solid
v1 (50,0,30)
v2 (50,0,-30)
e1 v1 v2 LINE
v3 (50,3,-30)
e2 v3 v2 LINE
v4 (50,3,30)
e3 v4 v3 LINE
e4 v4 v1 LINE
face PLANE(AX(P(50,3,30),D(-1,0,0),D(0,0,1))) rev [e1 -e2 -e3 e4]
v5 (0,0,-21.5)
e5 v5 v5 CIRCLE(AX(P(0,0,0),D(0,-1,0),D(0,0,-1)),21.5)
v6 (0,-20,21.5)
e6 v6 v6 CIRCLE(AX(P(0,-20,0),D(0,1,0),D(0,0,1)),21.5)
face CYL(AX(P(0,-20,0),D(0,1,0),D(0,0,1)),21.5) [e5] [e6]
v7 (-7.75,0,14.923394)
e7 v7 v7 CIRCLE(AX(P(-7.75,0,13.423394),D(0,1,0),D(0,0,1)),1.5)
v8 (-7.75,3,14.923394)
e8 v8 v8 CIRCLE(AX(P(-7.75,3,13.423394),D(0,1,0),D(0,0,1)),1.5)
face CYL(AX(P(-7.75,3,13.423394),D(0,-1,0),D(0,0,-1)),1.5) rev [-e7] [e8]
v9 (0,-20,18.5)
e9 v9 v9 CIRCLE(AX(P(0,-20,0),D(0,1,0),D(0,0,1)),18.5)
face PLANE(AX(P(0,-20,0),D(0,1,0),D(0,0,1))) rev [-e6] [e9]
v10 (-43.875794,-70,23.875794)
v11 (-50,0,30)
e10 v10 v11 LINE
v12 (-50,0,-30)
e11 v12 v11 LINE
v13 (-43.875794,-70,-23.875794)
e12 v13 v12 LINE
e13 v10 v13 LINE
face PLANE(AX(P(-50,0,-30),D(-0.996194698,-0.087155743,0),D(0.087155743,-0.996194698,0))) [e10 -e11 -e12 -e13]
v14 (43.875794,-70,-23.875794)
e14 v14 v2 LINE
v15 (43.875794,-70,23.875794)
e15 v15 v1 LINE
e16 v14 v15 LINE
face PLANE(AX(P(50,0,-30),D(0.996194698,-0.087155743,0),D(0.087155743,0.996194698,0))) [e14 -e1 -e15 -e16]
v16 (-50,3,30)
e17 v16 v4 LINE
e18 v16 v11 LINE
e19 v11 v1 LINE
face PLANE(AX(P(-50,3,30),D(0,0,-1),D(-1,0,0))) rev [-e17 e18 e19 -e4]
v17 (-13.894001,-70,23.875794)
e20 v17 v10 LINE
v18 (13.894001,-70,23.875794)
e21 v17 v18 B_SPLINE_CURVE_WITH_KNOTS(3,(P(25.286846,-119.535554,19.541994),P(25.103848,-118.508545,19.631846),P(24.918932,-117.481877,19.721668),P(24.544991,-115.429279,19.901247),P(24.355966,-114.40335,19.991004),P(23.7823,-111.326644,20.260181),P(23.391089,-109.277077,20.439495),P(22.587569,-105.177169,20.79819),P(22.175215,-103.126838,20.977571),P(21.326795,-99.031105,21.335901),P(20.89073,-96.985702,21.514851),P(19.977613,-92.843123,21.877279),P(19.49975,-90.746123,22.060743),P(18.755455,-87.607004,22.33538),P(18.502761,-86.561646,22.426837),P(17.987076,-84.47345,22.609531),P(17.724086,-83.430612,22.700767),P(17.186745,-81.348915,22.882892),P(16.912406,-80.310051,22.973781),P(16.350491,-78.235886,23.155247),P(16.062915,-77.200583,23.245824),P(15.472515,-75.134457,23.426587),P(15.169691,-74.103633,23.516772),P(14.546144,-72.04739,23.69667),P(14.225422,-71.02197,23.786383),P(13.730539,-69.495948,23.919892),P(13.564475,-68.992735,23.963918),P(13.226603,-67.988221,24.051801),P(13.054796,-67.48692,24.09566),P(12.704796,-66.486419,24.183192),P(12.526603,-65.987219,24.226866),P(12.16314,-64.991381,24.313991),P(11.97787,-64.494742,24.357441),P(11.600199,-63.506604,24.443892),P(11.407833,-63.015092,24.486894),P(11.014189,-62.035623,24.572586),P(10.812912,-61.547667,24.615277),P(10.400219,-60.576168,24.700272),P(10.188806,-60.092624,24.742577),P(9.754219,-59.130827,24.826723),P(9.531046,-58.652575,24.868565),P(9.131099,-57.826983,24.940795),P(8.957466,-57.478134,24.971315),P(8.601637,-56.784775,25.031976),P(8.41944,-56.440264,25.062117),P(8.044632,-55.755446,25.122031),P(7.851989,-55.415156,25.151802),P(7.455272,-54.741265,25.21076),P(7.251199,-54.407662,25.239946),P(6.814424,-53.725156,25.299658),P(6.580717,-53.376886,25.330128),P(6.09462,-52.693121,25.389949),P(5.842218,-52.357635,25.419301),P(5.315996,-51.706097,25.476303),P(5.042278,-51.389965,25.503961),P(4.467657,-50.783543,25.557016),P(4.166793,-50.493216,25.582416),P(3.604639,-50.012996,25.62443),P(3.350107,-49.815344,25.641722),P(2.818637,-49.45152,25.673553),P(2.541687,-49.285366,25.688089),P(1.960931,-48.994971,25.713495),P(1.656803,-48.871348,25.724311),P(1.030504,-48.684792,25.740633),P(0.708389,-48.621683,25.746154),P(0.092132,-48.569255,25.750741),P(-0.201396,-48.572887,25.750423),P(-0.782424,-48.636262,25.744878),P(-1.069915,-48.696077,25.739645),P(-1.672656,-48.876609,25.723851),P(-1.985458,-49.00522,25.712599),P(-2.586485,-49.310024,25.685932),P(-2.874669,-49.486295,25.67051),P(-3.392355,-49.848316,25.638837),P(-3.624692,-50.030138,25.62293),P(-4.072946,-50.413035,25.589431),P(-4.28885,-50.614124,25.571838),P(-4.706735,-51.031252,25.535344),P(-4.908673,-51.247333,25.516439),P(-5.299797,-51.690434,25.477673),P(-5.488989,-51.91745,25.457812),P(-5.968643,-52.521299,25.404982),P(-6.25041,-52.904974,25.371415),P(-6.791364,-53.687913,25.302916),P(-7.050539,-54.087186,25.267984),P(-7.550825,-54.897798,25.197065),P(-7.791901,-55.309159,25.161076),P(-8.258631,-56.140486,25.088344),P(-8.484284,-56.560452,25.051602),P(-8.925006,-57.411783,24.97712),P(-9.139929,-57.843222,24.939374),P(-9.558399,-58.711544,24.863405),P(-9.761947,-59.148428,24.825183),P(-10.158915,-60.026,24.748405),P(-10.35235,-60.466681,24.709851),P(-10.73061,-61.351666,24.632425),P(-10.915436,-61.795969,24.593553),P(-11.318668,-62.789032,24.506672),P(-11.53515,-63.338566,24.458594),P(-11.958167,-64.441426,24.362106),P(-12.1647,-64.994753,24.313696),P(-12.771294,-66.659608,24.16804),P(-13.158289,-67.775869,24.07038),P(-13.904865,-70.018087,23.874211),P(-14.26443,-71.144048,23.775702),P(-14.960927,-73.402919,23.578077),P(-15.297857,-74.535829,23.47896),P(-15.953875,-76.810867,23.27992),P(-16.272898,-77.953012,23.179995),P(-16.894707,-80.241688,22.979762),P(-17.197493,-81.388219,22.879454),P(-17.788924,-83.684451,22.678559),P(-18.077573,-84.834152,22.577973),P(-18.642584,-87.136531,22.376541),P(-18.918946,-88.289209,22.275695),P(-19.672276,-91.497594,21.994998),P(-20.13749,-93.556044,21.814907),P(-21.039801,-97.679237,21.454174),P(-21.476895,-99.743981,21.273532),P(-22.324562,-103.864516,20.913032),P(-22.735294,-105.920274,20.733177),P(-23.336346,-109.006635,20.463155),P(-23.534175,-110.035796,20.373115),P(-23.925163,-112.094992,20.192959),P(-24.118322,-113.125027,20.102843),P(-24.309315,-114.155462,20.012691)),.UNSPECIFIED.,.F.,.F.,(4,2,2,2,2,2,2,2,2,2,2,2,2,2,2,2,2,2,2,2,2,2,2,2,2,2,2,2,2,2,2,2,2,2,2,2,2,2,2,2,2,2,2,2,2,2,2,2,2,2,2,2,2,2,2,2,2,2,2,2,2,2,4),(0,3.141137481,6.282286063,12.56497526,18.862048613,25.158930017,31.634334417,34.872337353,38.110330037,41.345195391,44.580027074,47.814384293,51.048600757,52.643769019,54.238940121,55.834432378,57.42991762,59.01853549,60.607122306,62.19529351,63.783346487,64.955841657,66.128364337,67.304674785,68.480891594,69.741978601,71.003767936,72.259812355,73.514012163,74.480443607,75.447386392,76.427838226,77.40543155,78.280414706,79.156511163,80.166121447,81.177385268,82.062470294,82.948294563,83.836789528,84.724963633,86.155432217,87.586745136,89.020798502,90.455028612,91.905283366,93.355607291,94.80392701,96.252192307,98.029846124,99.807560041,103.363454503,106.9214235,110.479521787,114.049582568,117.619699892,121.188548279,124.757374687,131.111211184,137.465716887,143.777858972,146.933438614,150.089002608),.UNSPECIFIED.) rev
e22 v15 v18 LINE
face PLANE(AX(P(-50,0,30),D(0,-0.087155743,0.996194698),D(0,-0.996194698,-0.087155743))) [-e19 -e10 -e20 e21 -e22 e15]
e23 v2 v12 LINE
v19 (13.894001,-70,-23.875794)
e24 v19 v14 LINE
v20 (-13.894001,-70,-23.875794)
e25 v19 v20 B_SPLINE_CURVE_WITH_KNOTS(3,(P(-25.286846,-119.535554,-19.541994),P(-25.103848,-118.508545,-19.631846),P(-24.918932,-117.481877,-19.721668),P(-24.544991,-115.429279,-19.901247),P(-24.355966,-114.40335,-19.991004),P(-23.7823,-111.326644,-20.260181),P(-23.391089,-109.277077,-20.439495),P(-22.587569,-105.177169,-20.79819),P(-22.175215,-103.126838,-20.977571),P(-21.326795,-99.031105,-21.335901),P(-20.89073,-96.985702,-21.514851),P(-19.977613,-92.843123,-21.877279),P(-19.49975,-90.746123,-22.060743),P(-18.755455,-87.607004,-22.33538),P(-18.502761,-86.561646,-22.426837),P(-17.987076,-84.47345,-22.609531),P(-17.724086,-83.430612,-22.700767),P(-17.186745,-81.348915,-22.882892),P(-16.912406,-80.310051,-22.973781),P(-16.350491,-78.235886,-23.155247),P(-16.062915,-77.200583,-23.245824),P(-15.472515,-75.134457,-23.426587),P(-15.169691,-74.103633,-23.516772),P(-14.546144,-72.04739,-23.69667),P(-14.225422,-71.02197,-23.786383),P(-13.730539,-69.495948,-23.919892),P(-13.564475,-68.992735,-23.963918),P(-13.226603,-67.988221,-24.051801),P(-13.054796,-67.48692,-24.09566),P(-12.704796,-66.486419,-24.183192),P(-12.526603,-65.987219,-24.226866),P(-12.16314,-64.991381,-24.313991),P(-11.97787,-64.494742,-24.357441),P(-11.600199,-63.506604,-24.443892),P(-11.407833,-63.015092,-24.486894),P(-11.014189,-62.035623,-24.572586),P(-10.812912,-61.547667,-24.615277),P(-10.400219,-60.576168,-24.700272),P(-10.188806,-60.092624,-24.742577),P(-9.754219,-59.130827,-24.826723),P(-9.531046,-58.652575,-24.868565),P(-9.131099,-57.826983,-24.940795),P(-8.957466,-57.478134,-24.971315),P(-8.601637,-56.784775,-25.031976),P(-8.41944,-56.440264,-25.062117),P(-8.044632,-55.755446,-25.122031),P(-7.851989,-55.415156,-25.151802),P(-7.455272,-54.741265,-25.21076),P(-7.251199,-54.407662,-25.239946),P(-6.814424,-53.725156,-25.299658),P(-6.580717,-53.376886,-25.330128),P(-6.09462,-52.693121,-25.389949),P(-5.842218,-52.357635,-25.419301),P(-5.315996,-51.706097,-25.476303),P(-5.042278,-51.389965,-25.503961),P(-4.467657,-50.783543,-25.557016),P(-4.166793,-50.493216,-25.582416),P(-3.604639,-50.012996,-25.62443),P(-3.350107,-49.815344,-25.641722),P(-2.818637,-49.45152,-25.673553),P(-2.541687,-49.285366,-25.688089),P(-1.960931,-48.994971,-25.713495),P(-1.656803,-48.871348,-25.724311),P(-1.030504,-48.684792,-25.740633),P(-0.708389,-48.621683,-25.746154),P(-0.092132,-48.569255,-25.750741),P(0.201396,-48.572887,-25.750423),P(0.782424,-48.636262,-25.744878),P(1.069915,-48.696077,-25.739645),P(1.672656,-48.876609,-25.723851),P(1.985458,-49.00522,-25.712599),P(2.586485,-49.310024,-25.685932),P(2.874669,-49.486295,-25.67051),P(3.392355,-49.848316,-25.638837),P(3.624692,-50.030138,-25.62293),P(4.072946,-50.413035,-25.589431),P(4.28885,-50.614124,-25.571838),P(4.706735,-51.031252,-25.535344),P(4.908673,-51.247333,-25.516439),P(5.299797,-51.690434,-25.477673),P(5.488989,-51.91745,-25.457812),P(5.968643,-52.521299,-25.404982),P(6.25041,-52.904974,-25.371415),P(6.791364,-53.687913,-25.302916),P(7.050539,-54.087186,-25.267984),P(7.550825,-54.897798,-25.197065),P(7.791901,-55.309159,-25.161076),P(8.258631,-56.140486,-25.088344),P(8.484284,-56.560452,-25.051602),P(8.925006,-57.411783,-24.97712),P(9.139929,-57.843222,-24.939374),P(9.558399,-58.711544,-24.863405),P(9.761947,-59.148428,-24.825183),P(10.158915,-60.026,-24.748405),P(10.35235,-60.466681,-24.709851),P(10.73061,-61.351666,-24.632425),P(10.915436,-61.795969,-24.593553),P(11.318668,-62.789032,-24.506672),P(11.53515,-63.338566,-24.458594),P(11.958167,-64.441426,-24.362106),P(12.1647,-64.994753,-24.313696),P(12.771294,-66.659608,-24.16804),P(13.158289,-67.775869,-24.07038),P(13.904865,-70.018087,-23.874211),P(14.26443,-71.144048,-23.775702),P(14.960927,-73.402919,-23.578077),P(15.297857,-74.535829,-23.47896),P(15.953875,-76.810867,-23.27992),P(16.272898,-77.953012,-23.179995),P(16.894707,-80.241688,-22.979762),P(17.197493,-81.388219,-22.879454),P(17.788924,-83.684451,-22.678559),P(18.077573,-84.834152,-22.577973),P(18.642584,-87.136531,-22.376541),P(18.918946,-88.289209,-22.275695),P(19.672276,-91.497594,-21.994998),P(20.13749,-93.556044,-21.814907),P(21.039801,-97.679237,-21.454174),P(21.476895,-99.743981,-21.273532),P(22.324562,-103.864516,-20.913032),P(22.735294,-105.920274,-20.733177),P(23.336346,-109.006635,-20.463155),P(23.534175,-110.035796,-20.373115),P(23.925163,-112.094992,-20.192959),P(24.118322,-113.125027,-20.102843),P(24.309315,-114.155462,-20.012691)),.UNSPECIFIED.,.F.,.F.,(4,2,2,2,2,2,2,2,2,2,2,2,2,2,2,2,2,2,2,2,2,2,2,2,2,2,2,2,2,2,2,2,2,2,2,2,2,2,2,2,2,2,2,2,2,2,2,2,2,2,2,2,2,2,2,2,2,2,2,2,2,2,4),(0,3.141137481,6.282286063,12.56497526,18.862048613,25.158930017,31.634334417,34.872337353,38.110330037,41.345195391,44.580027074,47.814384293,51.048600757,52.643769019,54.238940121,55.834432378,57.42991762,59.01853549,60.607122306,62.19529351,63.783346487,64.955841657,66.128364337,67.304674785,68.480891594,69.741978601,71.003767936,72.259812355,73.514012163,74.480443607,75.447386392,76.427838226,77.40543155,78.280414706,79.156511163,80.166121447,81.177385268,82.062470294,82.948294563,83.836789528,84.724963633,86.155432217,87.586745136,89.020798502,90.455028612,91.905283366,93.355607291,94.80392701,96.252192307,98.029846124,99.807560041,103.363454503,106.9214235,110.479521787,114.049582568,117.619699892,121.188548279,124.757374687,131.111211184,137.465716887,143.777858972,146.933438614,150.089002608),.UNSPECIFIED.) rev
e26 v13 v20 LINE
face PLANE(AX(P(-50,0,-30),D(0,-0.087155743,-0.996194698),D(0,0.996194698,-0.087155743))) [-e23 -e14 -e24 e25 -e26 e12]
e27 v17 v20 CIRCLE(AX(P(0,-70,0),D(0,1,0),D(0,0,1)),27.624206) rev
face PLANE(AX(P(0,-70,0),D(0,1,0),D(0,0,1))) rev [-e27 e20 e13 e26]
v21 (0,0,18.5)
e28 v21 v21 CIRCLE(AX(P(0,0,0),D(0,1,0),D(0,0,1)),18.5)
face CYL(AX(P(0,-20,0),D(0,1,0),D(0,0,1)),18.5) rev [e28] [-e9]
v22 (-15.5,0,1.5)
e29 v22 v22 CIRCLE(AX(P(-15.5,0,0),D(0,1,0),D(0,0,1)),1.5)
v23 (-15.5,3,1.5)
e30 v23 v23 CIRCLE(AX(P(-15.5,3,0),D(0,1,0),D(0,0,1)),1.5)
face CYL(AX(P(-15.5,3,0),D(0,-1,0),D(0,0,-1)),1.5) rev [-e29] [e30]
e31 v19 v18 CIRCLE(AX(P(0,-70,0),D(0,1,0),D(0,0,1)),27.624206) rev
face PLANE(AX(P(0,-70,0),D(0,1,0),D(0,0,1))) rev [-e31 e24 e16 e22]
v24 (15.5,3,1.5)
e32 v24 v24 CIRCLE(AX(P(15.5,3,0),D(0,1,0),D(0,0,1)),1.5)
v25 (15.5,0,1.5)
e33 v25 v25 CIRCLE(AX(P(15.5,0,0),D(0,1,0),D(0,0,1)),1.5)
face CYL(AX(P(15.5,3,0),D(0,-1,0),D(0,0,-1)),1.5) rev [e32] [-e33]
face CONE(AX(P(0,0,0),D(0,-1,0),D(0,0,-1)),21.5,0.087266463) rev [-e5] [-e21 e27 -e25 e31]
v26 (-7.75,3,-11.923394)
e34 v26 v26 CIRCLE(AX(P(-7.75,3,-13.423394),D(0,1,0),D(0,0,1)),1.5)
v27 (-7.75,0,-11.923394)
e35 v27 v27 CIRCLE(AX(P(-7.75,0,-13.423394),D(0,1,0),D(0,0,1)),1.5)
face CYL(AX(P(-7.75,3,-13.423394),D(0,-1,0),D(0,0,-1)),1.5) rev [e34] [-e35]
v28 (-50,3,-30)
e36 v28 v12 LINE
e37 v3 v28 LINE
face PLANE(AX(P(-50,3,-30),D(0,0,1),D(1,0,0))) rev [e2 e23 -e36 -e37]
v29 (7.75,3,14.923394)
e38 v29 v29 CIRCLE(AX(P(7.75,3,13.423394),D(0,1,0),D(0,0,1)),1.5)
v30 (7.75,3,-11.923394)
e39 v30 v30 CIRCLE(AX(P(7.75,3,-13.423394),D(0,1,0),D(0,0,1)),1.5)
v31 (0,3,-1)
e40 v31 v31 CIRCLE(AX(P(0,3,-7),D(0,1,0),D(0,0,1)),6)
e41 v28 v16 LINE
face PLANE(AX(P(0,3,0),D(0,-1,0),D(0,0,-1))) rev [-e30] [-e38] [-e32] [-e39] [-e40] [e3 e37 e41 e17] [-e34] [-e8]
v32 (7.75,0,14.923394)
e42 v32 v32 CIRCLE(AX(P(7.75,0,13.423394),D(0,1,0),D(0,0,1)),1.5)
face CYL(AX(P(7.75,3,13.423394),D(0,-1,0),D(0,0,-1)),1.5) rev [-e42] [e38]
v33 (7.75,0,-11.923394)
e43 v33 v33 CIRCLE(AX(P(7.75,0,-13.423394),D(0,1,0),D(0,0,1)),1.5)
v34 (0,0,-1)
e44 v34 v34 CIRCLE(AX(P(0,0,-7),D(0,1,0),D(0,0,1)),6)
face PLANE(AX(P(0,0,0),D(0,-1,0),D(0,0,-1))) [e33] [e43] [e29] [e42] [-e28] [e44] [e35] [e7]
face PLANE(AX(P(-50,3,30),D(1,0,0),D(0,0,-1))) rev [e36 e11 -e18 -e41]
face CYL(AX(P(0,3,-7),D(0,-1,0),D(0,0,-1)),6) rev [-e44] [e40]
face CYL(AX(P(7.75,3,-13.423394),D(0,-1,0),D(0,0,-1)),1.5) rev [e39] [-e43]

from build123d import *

# Parameters (mm, degrees)
CROQUIS1_W              = 100
CROQUIS1_H              = 60
CROQUIS1_R              = 6
CROQUIS1_R_2            = 1.5
SALIENTE_EXTRUIR1_DEPTH = 3
CROQUIS2_R              = 21.5
CROQUIS2_R_2            = 18.5
SALIENTE_EXTRUIR2_DEPTH = 20
CROQUIS4_W              = 100
CROQUIS4_H              = 60
CROQUIS4_R              = 21.5
SALIENTE_EXTRUIR3_DEPTH = 70
SALIENTE_EXTRUIR3_TAPER = 5


with BuildPart() as part:
    # Croquis1 → Saliente-Extruir1 (new body)
    with BuildSketch(Plane(origin=(0, 0, 0), x_dir=(1, 0, 0), z_dir=(0, 1, 0))):
        Rectangle(CROQUIS1_W, CROQUIS1_H)
        with Locations(Location((0, 7, 0), (0, 0, 270))):
            Circle(CROQUIS1_R, mode=Mode.SUBTRACT)
        with Locations(Location((15.5, 0, 0), (0, 0, 270))):
            Circle(CROQUIS1_R_2, mode=Mode.SUBTRACT)
        with Locations(Location((7.75, -13.423393759, 0), (0, 0, 270))):
            Circle(CROQUIS1_R_2, mode=Mode.SUBTRACT)
        with Locations(Location((-7.75, -13.423393759, 0), (0, 0, 270))):
            Circle(CROQUIS1_R_2, mode=Mode.SUBTRACT)
        with Locations(Location((-15.5, 0, 0), (0, 0, 270))):
            Circle(CROQUIS1_R_2, mode=Mode.SUBTRACT)
        with Locations(Location((-7.75, 13.423393759, 0), (0, 0, 270))):
            Circle(CROQUIS1_R_2, mode=Mode.SUBTRACT)
        with Locations(Location((7.75, 13.423393759, 0), (0, 0, 270))):
            Circle(CROQUIS1_R_2, mode=Mode.SUBTRACT)
    extrude(amount=SALIENTE_EXTRUIR1_DEPTH)

    # Croquis2 → Saliente-Extruir2 (add)
    with BuildSketch(Plane(origin=(0, 0, 0), x_dir=(1, 0, 0), z_dir=(0, 1, 0))):
        with Locations(Location((0, 0, 0), (0, 0, 270))):
            Circle(CROQUIS2_R)
        with Locations(Location((0, 0, 0), (0, 0, 270))):
            Circle(CROQUIS2_R_2, mode=Mode.SUBTRACT)
    extrude(amount=-SALIENTE_EXTRUIR2_DEPTH)

    # Croquis4 → Saliente-Extruir3 (add)
    with BuildSketch(Plane.XZ):
        Rectangle(CROQUIS4_W, CROQUIS4_H)
        with Locations(Location((0, 0, 0), (0, 0, 90))):
            Circle(CROQUIS4_R, mode=Mode.SUBTRACT)
    extrude(amount=SALIENTE_EXTRUIR3_DEPTH, taper=SALIENTE_EXTRUIR3_TAPER)


solid = part.part
